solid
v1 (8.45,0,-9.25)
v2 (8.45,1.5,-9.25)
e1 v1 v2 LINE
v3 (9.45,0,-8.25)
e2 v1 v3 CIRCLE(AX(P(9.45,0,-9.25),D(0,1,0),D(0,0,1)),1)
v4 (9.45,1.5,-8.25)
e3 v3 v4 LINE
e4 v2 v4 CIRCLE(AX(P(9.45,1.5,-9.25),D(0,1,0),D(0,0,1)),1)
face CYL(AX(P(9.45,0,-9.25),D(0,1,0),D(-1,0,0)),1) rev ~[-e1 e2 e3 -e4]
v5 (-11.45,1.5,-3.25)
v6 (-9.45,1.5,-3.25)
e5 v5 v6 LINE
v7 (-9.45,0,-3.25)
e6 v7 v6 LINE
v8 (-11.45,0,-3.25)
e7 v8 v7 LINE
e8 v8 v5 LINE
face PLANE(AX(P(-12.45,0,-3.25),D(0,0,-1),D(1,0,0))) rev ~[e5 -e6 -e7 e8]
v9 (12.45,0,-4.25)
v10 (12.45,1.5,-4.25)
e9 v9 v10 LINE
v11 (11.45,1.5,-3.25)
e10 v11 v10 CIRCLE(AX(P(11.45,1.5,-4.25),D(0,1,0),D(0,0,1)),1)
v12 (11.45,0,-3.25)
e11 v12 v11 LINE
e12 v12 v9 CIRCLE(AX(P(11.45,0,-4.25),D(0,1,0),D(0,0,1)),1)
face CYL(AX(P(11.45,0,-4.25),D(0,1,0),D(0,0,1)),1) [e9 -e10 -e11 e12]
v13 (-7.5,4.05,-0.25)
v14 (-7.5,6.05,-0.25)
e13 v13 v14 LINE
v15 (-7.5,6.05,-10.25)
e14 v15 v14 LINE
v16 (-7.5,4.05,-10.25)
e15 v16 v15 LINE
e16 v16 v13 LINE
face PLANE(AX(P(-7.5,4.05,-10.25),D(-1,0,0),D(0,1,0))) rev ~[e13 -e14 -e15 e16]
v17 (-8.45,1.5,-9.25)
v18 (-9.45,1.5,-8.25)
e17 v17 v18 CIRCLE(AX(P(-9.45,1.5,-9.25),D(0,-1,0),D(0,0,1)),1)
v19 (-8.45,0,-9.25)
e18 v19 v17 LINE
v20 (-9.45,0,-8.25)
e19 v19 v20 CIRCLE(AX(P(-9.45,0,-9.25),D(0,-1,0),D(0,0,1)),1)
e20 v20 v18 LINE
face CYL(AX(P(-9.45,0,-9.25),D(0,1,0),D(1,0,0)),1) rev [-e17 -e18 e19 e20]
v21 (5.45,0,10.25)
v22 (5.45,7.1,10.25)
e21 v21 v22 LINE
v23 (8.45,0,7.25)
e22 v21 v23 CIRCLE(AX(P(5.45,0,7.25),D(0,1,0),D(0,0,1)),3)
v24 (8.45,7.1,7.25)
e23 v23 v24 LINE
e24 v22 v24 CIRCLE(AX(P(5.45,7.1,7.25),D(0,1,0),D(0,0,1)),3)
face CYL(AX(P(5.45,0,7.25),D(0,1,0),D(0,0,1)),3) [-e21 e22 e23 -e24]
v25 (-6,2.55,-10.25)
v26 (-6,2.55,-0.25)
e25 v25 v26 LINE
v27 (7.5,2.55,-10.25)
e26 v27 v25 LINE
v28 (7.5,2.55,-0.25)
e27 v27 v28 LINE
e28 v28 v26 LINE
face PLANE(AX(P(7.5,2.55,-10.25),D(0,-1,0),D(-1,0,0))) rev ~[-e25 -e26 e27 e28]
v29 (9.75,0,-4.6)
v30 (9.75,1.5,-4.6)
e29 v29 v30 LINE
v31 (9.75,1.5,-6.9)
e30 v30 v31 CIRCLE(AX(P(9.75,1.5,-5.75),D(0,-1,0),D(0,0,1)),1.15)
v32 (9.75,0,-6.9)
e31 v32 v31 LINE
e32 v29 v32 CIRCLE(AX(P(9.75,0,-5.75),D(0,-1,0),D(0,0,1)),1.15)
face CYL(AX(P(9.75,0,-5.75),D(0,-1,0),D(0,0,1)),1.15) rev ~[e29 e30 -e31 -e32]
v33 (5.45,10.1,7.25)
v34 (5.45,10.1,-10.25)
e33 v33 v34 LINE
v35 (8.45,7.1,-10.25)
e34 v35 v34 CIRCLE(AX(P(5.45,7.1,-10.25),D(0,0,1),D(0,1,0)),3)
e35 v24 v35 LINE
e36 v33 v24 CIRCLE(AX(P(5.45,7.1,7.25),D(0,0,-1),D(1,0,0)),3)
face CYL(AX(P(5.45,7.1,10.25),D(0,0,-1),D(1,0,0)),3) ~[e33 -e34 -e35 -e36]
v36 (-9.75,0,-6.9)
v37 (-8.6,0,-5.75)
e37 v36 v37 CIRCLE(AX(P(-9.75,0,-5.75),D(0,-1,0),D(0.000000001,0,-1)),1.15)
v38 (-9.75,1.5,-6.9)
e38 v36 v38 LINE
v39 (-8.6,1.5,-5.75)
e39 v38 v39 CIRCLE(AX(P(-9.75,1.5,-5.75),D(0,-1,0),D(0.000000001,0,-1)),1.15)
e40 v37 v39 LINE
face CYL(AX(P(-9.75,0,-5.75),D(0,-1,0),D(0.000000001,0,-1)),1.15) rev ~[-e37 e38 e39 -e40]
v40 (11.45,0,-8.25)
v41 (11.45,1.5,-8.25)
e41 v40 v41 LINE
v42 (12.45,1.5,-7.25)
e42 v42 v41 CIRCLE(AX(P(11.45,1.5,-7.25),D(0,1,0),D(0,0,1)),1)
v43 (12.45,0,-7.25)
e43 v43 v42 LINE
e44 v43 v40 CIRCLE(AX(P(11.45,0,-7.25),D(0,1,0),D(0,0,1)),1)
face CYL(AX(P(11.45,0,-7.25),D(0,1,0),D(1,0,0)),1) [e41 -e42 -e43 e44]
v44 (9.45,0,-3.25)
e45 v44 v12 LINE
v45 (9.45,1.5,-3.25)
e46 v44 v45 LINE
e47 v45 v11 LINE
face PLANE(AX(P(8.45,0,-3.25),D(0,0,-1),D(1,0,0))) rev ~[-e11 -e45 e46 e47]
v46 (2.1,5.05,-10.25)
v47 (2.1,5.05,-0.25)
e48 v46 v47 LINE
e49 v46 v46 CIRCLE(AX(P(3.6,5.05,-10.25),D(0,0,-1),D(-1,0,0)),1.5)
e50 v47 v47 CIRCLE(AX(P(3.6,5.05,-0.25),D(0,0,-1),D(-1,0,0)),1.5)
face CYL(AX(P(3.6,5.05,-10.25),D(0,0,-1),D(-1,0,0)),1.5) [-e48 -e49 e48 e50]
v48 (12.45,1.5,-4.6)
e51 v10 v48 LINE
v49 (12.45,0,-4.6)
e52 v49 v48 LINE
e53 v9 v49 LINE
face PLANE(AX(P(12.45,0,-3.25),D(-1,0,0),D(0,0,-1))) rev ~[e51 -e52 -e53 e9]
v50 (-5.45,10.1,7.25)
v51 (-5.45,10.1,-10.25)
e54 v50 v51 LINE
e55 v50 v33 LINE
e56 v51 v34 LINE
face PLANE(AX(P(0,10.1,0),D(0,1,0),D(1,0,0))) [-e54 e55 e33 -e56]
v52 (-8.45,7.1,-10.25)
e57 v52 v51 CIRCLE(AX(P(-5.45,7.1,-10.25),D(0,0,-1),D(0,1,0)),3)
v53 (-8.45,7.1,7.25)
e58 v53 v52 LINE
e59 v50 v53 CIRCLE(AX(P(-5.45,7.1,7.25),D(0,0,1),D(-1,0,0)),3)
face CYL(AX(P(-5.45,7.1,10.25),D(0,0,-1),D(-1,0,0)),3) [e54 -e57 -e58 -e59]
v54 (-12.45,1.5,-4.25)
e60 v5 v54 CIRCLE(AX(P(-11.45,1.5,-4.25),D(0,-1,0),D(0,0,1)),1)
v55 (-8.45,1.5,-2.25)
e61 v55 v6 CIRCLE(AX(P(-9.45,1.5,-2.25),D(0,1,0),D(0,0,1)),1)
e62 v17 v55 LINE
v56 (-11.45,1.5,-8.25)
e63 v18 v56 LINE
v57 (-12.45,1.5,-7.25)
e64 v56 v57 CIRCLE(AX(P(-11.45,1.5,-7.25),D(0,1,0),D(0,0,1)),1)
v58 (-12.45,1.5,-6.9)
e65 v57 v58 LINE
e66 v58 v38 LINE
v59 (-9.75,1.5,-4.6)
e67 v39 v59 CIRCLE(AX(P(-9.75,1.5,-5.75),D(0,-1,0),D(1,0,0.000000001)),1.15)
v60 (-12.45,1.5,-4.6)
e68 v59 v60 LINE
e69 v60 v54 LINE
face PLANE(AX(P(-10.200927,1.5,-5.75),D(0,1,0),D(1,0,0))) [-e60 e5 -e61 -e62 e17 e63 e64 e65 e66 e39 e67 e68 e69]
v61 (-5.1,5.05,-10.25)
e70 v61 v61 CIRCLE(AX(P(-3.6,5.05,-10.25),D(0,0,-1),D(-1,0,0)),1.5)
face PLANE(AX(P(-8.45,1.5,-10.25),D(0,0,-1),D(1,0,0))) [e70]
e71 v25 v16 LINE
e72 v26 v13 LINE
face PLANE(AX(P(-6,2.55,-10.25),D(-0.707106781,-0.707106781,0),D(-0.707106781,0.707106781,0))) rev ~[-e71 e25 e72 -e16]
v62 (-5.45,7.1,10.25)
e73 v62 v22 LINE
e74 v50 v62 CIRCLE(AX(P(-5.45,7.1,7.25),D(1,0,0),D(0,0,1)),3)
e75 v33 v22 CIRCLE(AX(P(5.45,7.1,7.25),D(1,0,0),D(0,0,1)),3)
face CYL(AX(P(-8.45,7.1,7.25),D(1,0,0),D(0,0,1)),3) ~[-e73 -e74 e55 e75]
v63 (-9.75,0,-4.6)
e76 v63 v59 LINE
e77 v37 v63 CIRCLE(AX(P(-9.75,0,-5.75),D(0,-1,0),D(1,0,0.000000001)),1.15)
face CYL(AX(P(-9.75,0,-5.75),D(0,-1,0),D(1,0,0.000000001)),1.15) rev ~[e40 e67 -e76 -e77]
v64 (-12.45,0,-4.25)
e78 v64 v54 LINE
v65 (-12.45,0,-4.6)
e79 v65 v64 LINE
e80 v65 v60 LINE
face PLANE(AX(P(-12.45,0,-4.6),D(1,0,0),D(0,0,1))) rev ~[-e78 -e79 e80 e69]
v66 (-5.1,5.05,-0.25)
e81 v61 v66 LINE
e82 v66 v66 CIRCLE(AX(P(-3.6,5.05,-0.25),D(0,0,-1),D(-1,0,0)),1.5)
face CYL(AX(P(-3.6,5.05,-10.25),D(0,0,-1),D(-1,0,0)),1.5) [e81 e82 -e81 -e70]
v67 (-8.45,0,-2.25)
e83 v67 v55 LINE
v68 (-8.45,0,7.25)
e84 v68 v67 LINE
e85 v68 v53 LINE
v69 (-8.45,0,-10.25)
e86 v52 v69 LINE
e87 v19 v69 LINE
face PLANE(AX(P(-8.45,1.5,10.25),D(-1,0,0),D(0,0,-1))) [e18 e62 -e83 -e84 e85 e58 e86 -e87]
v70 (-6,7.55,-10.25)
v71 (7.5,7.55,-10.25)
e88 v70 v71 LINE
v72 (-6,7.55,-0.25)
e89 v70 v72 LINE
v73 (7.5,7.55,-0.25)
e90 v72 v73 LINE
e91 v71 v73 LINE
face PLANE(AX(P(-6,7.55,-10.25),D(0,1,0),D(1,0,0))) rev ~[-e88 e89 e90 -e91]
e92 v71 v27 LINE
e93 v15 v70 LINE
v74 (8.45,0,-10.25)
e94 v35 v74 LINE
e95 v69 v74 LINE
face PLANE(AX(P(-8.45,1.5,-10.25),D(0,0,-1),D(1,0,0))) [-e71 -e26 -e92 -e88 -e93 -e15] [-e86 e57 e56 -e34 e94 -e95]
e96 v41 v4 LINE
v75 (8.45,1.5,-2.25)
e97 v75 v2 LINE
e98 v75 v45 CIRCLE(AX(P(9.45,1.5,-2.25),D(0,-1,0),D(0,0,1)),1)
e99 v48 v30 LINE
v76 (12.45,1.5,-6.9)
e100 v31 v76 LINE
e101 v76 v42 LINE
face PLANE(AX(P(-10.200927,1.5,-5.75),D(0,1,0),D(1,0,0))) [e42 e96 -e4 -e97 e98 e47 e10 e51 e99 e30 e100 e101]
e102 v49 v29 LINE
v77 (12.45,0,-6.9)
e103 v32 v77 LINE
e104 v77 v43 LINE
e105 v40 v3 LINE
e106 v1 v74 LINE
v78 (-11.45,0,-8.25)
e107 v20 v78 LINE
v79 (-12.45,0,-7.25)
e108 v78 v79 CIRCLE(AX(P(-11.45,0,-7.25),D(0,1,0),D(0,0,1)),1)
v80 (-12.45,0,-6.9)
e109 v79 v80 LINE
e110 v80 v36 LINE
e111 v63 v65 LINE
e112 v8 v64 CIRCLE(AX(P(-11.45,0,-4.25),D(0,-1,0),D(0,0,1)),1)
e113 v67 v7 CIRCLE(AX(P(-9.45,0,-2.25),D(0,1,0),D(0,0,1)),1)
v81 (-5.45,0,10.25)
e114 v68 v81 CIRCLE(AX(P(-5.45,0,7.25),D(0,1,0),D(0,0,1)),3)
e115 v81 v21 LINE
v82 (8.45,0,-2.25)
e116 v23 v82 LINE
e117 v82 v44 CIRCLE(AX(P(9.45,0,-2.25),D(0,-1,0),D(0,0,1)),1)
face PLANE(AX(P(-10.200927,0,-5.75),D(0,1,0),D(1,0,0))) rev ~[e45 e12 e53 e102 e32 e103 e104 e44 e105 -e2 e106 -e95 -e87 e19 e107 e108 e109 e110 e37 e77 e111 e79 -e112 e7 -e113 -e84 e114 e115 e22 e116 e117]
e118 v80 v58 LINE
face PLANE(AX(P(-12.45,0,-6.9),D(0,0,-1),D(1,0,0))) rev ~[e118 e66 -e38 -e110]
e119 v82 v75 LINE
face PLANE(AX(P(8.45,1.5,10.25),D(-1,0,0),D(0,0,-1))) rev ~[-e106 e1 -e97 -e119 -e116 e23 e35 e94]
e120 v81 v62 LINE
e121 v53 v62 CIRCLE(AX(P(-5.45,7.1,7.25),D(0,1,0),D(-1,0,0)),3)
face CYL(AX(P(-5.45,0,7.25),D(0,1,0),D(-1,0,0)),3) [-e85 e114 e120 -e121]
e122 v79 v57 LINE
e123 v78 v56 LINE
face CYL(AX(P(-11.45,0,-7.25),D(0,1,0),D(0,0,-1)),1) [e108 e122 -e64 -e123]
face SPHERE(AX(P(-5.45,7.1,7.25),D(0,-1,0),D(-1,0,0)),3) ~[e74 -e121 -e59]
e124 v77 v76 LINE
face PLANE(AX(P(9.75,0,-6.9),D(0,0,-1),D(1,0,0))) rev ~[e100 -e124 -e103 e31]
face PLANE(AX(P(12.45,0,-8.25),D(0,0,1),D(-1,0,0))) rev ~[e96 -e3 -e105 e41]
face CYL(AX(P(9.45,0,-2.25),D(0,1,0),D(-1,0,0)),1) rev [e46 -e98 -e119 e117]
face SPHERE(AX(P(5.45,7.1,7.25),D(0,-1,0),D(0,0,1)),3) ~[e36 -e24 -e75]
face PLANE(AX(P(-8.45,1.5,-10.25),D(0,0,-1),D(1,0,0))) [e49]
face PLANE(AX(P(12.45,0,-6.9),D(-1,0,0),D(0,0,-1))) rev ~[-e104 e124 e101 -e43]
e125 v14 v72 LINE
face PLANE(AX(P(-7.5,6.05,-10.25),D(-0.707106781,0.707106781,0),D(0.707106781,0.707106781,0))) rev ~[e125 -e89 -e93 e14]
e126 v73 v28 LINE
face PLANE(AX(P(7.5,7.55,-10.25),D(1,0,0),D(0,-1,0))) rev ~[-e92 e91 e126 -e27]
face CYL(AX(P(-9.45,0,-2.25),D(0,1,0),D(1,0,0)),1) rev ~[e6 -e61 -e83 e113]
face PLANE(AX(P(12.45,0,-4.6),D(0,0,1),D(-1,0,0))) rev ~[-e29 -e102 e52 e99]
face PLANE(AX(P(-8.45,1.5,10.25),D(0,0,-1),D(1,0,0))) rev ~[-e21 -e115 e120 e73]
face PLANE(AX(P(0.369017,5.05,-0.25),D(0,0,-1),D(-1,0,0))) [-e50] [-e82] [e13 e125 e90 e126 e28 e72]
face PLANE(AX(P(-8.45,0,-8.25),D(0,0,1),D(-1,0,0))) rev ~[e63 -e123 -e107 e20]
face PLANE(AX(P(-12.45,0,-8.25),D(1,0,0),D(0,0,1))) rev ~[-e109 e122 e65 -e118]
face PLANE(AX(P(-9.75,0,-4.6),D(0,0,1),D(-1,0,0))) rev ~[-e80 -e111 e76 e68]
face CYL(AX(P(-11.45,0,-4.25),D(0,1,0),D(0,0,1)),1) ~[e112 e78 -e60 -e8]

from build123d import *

# Parameters (mm, degrees)
SKETCH1_W           = 16.9
SKETCH1_H           = 20.5
BOSS_EXTRUDE1_DEPTH = 1.5
SKETCH2_W           = 16.9
SKETCH2_H           = 20.5
BOSS_EXTRUDE2_DEPTH = 8.6
FILLET1_R           = 3
FILLET2_R           = 1
SKETCH3_R           = 1.5
CUT_EXTRUDE1_DEPTH  = 10


with BuildPart() as part:
    # Sketch1 → Boss-Extrude1 (new body)
    with BuildSketch(Plane(origin=(0, 0, 0), x_dir=(1, 0, 0), z_dir=(0, 1, 0))):
        with BuildLine():
            Line((-8.45, 3.25), (-8.45, 8.25))
            Line((-8.45, 8.25), (-12.45, 8.25))
            Line((-12.45, 8.25), (-12.45, 6.9))
            Line((-12.45, 6.9), (-9.75, 6.9))
            ThreePointArc((-9.75, 6.9), (-8.936827202, 6.563172798), (-8.6, 5.75))
            ThreePointArc((-8.6, 5.75), (-8.936827202, 4.936827202), (-9.75, 4.6))
            Line((-9.75, 4.6), (-12.45, 4.6))
            Line((-12.45, 4.6), (-12.45, 3.25))
            Line((-12.45, 3.25), (-8.45, 3.25))
        make_face()
        Rectangle(SKETCH1_W, SKETCH1_H)
        with BuildLine():
            Line((12.45, 8.25), (8.45, 8.25))
            Line((8.45, 8.25), (8.45, 3.25))
            Line((8.45, 3.25), (12.45, 3.25))
            Line((12.45, 3.25), (12.45, 4.6))
            Line((12.45, 4.6), (9.75, 4.6))
            ThreePointArc((9.75, 4.6), (8.6, 5.75), (9.75, 6.9))
            Line((9.75, 6.9), (12.45, 6.9))
            Line((12.45, 6.9), (12.45, 8.25))
        make_face()
    extrude(amount=BOSS_EXTRUDE1_DEPTH)

    # Sketch2 → Boss-Extrude2 (add)
    with BuildSketch(Plane(origin=(0, 1.5, 0), x_dir=(1, 0, 0), z_dir=(0, 1, 0))):
        Rectangle(SKETCH2_W, SKETCH2_H)
    extrude(amount=BOSS_EXTRUDE2_DEPTH)

    # Fillet1
    fillet1_edges = [part.edges().sort_by_distance(p)[0] for p in [
        (8.45, 5.05, 10.25),
        (-8.45, 5.05, 10.25),
        (-8.45, 10.1, 0),
        (0, 10.1, 10.25),
        (8.45, 10.1, 0),
    ]]
    fillet(fillet1_edges, radius=FILLET1_R)

    # Fillet2
    fillet2_edges = [part.edges().sort_by_distance(p)[0] for p in [
        (-12.45, 0.75, -8.25),
        (-8.45, 0.75, -8.25),
        (8.45, 0.75, -8.25),
        (12.45, 0.75, -8.25),
        (12.45, 0.75, -3.25),
        (8.45, 0.75, -3.25),
        (-8.45, 0.75, -3.25),
        (-12.45, 0.75, -3.25),
    ]]
    fillet(fillet2_edges, radius=FILLET2_R)

    # Sketch3 → Cut-Extrude1 (cut)
    with BuildSketch(Plane(origin=(0, 0, -10.25), x_dir=(-1, 0, 0), z_dir=(0, 0, -1))):
        Polygon((7.5, 4.05), (7.5, 6.05), (6, 7.55), (-7.5, 7.55), (-7.5, 2.55), (6, 2.55), align=None)
        with Locations((-3.6, 5.05)):
            Circle(SKETCH3_R, mode=Mode.SUBTRACT)
        with Locations((3.6, 5.05)):
            Circle(SKETCH3_R, mode=Mode.SUBTRACT)
    extrude(amount=-CUT_EXTRUDE1_DEPTH, mode=Mode.SUBTRACT)


solid = part.part
